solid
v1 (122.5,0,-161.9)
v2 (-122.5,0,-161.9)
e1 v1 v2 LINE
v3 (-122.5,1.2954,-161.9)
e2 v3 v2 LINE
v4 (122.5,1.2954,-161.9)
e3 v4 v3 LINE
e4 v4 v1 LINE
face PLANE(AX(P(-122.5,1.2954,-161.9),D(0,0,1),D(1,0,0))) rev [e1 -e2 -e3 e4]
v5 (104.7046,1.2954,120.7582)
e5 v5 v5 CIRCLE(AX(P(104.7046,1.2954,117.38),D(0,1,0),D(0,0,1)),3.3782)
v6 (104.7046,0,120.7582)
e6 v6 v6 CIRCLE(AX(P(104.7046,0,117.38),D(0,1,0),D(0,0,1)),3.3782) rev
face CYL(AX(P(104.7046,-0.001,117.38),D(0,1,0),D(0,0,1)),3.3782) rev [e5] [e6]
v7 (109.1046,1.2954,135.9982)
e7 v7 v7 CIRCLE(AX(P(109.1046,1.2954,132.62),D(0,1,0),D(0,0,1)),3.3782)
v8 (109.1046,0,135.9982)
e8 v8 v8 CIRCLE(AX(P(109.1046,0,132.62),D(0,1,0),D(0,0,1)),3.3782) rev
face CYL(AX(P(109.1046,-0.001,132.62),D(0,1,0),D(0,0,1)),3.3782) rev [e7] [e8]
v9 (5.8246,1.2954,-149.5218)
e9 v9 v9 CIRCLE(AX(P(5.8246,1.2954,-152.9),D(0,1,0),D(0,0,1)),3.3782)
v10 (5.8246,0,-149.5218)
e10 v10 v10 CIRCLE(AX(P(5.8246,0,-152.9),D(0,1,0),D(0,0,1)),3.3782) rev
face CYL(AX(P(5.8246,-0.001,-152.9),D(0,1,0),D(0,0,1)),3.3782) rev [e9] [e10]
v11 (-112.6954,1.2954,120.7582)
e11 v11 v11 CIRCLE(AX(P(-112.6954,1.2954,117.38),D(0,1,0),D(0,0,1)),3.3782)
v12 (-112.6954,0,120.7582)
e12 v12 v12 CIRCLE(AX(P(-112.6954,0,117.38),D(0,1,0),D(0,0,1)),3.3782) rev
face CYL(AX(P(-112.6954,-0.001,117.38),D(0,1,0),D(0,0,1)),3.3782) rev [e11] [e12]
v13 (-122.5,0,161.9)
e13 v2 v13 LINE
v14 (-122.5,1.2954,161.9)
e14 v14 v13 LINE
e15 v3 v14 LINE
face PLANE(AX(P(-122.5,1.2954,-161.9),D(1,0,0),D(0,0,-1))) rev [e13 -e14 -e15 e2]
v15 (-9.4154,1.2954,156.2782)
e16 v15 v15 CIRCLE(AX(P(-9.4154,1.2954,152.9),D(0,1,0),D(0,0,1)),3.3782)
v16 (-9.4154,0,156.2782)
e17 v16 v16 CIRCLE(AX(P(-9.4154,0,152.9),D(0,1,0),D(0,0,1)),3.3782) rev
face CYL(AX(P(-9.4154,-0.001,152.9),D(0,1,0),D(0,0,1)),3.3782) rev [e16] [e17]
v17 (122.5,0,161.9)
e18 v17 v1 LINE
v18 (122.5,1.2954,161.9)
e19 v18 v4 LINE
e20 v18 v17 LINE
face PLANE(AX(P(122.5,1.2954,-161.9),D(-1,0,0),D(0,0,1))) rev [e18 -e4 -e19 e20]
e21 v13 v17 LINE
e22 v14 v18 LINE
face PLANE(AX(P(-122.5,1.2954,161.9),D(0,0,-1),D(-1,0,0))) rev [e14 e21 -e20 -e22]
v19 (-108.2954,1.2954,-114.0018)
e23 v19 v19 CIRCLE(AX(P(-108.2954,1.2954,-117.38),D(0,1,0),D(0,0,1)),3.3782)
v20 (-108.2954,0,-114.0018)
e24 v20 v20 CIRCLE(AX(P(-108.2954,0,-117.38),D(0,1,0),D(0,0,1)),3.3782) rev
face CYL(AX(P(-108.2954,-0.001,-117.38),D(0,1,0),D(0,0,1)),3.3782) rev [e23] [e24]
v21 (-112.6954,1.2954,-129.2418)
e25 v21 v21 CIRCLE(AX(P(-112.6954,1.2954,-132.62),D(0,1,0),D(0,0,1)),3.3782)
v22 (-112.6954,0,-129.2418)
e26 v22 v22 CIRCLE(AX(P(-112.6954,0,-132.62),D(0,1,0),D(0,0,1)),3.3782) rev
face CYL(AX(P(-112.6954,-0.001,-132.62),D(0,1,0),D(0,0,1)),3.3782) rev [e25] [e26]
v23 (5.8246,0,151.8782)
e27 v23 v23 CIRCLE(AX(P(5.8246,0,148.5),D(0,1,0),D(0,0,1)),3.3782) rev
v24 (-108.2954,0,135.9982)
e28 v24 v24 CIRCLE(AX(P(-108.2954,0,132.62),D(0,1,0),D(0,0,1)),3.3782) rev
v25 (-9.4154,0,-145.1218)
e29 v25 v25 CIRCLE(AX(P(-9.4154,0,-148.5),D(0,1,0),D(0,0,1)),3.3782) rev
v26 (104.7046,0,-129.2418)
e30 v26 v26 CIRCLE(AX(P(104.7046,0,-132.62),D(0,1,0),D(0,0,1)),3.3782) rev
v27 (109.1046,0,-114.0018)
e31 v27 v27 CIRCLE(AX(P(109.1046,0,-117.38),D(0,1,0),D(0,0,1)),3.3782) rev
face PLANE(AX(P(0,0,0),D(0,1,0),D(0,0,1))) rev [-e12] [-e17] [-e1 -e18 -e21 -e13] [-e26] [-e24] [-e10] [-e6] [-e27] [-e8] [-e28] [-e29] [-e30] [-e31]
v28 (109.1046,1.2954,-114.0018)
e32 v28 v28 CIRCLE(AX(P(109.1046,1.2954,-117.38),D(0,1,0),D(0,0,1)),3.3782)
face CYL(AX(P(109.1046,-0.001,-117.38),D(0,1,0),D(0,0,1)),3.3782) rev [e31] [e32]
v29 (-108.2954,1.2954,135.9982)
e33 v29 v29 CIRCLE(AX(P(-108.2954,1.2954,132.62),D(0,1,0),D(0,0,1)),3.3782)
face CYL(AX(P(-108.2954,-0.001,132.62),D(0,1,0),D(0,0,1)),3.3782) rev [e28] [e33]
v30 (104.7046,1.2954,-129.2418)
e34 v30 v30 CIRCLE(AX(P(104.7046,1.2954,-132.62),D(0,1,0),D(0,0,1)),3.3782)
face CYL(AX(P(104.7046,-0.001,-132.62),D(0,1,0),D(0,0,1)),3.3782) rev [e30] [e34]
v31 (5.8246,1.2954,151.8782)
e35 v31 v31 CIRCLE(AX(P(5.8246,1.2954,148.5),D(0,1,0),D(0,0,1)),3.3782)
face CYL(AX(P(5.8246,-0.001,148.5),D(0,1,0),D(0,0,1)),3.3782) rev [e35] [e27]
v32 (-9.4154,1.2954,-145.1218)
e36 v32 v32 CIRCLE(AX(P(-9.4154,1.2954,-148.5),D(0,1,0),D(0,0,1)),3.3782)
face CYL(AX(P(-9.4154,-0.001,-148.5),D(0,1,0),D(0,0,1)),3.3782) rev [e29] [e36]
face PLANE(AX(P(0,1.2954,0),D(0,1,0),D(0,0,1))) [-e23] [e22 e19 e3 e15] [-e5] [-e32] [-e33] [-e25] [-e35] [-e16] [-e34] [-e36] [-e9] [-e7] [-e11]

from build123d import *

# Parameters (mm, degrees)
SKETCH3_W           = 245
SKETCH3_H           = 323.8
BOSS_EXTRUDE1_DEPTH = 1.2954
CUT_EXTRUDE1_REACH  = 205.026
SKETCH4_R           = 3.3782


with BuildPart() as part:
    # Sketch3 → Boss-Extrude1 (new body)
    with BuildSketch(Plane(origin=(0, 0, 0), x_dir=(1, 0, 0), z_dir=(0, 1, 0))):
        Rectangle(SKETCH3_W, SKETCH3_H)
    extrude(amount=BOSS_EXTRUDE1_DEPTH)

    # Sketch4 → Cut-Extrude1 (cut, up to next)
    with BuildSketch(Plane(origin=(0, 1.2954, 0), x_dir=(1, 0, 0), z_dir=(0, 1, 0)), mode=Mode.PRIVATE) as cut_extrude1_sk1:
        with Locations(Location((109.1046, -132.62, 0), (0, 0, 270))):
            Circle(SKETCH4_R)
    cut_extrude1_tool1 = extrude(cut_extrude1_sk1.sketch, amount=-CUT_EXTRUDE1_REACH, mode=Mode.PRIVATE) & part.part
    # Sketch4 → Cut-Extrude1 (cut, up to next)
    with BuildSketch(Plane(origin=(0, 1.2954, 0), x_dir=(1, 0, 0), z_dir=(0, 1, 0)), mode=Mode.PRIVATE) as cut_extrude1_sk2:
        with Locations(Location((104.7046, -117.38, 0), (0, 0, 270))):
            Circle(SKETCH4_R)
    cut_extrude1_tool2 = extrude(cut_extrude1_sk2.sketch, amount=-CUT_EXTRUDE1_REACH, mode=Mode.PRIVATE) & part.part
    # Sketch4 → Cut-Extrude1 (cut, up to next)
    with BuildSketch(Plane(origin=(0, 1.2954, 0), x_dir=(1, 0, 0), z_dir=(0, 1, 0)), mode=Mode.PRIVATE) as cut_extrude1_sk3:
        with Locations(Location((5.8246, -148.5, 0), (0, 0, 270))):
            Circle(SKETCH4_R)
    cut_extrude1_tool3 = extrude(cut_extrude1_sk3.sketch, amount=-CUT_EXTRUDE1_REACH, mode=Mode.PRIVATE) & part.part
    # Sketch4 → Cut-Extrude1 (cut, up to next)
    with BuildSketch(Plane(origin=(0, 1.2954, 0), x_dir=(1, 0, 0), z_dir=(0, 1, 0)), mode=Mode.PRIVATE) as cut_extrude1_sk4:
        with Locations(Location((-9.4154, -152.9, 0), (0, 0, 270))):
            Circle(SKETCH4_R)
    cut_extrude1_tool4 = extrude(cut_extrude1_sk4.sketch, amount=-CUT_EXTRUDE1_REACH, mode=Mode.PRIVATE) & part.part
    # Sketch4 → Cut-Extrude1 (cut, up to next)
    with BuildSketch(Plane(origin=(0, 1.2954, 0), x_dir=(1, 0, 0), z_dir=(0, 1, 0)), mode=Mode.PRIVATE) as cut_extrude1_sk5:
        with Locations(Location((109.1046, 117.38, 0), (0, 0, 270))):
            Circle(SKETCH4_R)
    cut_extrude1_tool5 = extrude(cut_extrude1_sk5.sketch, amount=-CUT_EXTRUDE1_REACH, mode=Mode.PRIVATE) & part.part
    # Sketch4 → Cut-Extrude1 (cut, up to next)
    with BuildSketch(Plane(origin=(0, 1.2954, 0), x_dir=(1, 0, 0), z_dir=(0, 1, 0)), mode=Mode.PRIVATE) as cut_extrude1_sk6:
        with Locations(Location((104.7046, 132.62, 0), (0, 0, 270))):
            Circle(SKETCH4_R)
    cut_extrude1_tool6 = extrude(cut_extrude1_sk6.sketch, amount=-CUT_EXTRUDE1_REACH, mode=Mode.PRIVATE) & part.part
    # Sketch4 → Cut-Extrude1 (cut, up to next)
    with BuildSketch(Plane(origin=(0, 1.2954, 0), x_dir=(1, 0, 0), z_dir=(0, 1, 0)), mode=Mode.PRIVATE) as cut_extrude1_sk7:
        with Locations(Location((5.8246, 152.9, 0), (0, 0, 270))):
            Circle(SKETCH4_R)
    cut_extrude1_tool7 = extrude(cut_extrude1_sk7.sketch, amount=-CUT_EXTRUDE1_REACH, mode=Mode.PRIVATE) & part.part
    # Sketch4 → Cut-Extrude1 (cut, up to next)
    with BuildSketch(Plane(origin=(0, 1.2954, 0), x_dir=(1, 0, 0), z_dir=(0, 1, 0)), mode=Mode.PRIVATE) as cut_extrude1_sk8:
        with Locations(Location((-9.4154, 148.5, 0), (0, 0, 270))):
            Circle(SKETCH4_R)
    cut_extrude1_tool8 = extrude(cut_extrude1_sk8.sketch, amount=-CUT_EXTRUDE1_REACH, mode=Mode.PRIVATE) & part.part
    # Sketch4 → Cut-Extrude1 (cut, up to next)
    with BuildSketch(Plane(origin=(0, 1.2954, 0), x_dir=(1, 0, 0), z_dir=(0, 1, 0)), mode=Mode.PRIVATE) as cut_extrude1_sk9:
        with Locations(Location((-108.2954, 117.38, 0), (0, 0, 270))):
            Circle(SKETCH4_R)
    cut_extrude1_tool9 = extrude(cut_extrude1_sk9.sketch, amount=-CUT_EXTRUDE1_REACH, mode=Mode.PRIVATE) & part.part
    # Sketch4 → Cut-Extrude1 (cut, up to next)
    with BuildSketch(Plane(origin=(0, 1.2954, 0), x_dir=(1, 0, 0), z_dir=(0, 1, 0)), mode=Mode.PRIVATE) as cut_extrude1_sk10:
        with Locations(Location((-112.6954, 132.62, 0), (0, 0, 270))):
            Circle(SKETCH4_R)
    cut_extrude1_tool10 = extrude(cut_extrude1_sk10.sketch, amount=-CUT_EXTRUDE1_REACH, mode=Mode.PRIVATE) & part.part
    # Sketch4 → Cut-Extrude1 (cut, up to next)
    with BuildSketch(Plane(origin=(0, 1.2954, 0), x_dir=(1, 0, 0), z_dir=(0, 1, 0)), mode=Mode.PRIVATE) as cut_extrude1_sk11:
        with Locations(Location((-108.2954, -132.62, 0), (0, 0, 270))):
            Circle(SKETCH4_R)
    cut_extrude1_tool11 = extrude(cut_extrude1_sk11.sketch, amount=-CUT_EXTRUDE1_REACH, mode=Mode.PRIVATE) & part.part
    # Sketch4 → Cut-Extrude1 (cut, up to next)
    with BuildSketch(Plane(origin=(0, 1.2954, 0), x_dir=(1, 0, 0), z_dir=(0, 1, 0)), mode=Mode.PRIVATE) as cut_extrude1_sk12:
        with Locations(Location((-112.6954, -117.38, 0), (0, 0, 270))):
            Circle(SKETCH4_R)
    cut_extrude1_tool12 = extrude(cut_extrude1_sk12.sketch, amount=-CUT_EXTRUDE1_REACH, mode=Mode.PRIVATE) & part.part
    add(cut_extrude1_tool1.solids().sort_by_distance((109.1046, 1.2954, 132.62))[0], mode=Mode.SUBTRACT)
    add(cut_extrude1_tool2.solids().sort_by_distance((104.7046, 1.2954, 117.38))[0], mode=Mode.SUBTRACT)
    add(cut_extrude1_tool3.solids().sort_by_distance((5.8246, 1.2954, 148.5))[0], mode=Mode.SUBTRACT)
    add(cut_extrude1_tool4.solids().sort_by_distance((-9.4154, 1.2954, 152.9))[0], mode=Mode.SUBTRACT)
    add(cut_extrude1_tool5.solids().sort_by_distance((109.1046, 1.2954, -117.38))[0], mode=Mode.SUBTRACT)
    add(cut_extrude1_tool6.solids().sort_by_distance((104.7046, 1.2954, -132.62))[0], mode=Mode.SUBTRACT)
    add(cut_extrude1_tool7.solids().sort_by_distance((5.8246, 1.2954, -152.9))[0], mode=Mode.SUBTRACT)
    add(cut_extrude1_tool8.solids().sort_by_distance((-9.4154, 1.2954, -148.5))[0], mode=Mode.SUBTRACT)
    add(cut_extrude1_tool9.solids().sort_by_distance((-108.2954, 1.2954, -117.38))[0], mode=Mode.SUBTRACT)
    add(cut_extrude1_tool10.solids().sort_by_distance((-112.6954, 1.2954, -132.62))[0], mode=Mode.SUBTRACT)
    add(cut_extrude1_tool11.solids().sort_by_distance((-108.2954, 1.2954, 132.62))[0], mode=Mode.SUBTRACT)
    add(cut_extrude1_tool12.solids().sort_by_distance((-112.6954, 1.2954, 117.38))[0], mode=Mode.SUBTRACT)


solid = part.part
